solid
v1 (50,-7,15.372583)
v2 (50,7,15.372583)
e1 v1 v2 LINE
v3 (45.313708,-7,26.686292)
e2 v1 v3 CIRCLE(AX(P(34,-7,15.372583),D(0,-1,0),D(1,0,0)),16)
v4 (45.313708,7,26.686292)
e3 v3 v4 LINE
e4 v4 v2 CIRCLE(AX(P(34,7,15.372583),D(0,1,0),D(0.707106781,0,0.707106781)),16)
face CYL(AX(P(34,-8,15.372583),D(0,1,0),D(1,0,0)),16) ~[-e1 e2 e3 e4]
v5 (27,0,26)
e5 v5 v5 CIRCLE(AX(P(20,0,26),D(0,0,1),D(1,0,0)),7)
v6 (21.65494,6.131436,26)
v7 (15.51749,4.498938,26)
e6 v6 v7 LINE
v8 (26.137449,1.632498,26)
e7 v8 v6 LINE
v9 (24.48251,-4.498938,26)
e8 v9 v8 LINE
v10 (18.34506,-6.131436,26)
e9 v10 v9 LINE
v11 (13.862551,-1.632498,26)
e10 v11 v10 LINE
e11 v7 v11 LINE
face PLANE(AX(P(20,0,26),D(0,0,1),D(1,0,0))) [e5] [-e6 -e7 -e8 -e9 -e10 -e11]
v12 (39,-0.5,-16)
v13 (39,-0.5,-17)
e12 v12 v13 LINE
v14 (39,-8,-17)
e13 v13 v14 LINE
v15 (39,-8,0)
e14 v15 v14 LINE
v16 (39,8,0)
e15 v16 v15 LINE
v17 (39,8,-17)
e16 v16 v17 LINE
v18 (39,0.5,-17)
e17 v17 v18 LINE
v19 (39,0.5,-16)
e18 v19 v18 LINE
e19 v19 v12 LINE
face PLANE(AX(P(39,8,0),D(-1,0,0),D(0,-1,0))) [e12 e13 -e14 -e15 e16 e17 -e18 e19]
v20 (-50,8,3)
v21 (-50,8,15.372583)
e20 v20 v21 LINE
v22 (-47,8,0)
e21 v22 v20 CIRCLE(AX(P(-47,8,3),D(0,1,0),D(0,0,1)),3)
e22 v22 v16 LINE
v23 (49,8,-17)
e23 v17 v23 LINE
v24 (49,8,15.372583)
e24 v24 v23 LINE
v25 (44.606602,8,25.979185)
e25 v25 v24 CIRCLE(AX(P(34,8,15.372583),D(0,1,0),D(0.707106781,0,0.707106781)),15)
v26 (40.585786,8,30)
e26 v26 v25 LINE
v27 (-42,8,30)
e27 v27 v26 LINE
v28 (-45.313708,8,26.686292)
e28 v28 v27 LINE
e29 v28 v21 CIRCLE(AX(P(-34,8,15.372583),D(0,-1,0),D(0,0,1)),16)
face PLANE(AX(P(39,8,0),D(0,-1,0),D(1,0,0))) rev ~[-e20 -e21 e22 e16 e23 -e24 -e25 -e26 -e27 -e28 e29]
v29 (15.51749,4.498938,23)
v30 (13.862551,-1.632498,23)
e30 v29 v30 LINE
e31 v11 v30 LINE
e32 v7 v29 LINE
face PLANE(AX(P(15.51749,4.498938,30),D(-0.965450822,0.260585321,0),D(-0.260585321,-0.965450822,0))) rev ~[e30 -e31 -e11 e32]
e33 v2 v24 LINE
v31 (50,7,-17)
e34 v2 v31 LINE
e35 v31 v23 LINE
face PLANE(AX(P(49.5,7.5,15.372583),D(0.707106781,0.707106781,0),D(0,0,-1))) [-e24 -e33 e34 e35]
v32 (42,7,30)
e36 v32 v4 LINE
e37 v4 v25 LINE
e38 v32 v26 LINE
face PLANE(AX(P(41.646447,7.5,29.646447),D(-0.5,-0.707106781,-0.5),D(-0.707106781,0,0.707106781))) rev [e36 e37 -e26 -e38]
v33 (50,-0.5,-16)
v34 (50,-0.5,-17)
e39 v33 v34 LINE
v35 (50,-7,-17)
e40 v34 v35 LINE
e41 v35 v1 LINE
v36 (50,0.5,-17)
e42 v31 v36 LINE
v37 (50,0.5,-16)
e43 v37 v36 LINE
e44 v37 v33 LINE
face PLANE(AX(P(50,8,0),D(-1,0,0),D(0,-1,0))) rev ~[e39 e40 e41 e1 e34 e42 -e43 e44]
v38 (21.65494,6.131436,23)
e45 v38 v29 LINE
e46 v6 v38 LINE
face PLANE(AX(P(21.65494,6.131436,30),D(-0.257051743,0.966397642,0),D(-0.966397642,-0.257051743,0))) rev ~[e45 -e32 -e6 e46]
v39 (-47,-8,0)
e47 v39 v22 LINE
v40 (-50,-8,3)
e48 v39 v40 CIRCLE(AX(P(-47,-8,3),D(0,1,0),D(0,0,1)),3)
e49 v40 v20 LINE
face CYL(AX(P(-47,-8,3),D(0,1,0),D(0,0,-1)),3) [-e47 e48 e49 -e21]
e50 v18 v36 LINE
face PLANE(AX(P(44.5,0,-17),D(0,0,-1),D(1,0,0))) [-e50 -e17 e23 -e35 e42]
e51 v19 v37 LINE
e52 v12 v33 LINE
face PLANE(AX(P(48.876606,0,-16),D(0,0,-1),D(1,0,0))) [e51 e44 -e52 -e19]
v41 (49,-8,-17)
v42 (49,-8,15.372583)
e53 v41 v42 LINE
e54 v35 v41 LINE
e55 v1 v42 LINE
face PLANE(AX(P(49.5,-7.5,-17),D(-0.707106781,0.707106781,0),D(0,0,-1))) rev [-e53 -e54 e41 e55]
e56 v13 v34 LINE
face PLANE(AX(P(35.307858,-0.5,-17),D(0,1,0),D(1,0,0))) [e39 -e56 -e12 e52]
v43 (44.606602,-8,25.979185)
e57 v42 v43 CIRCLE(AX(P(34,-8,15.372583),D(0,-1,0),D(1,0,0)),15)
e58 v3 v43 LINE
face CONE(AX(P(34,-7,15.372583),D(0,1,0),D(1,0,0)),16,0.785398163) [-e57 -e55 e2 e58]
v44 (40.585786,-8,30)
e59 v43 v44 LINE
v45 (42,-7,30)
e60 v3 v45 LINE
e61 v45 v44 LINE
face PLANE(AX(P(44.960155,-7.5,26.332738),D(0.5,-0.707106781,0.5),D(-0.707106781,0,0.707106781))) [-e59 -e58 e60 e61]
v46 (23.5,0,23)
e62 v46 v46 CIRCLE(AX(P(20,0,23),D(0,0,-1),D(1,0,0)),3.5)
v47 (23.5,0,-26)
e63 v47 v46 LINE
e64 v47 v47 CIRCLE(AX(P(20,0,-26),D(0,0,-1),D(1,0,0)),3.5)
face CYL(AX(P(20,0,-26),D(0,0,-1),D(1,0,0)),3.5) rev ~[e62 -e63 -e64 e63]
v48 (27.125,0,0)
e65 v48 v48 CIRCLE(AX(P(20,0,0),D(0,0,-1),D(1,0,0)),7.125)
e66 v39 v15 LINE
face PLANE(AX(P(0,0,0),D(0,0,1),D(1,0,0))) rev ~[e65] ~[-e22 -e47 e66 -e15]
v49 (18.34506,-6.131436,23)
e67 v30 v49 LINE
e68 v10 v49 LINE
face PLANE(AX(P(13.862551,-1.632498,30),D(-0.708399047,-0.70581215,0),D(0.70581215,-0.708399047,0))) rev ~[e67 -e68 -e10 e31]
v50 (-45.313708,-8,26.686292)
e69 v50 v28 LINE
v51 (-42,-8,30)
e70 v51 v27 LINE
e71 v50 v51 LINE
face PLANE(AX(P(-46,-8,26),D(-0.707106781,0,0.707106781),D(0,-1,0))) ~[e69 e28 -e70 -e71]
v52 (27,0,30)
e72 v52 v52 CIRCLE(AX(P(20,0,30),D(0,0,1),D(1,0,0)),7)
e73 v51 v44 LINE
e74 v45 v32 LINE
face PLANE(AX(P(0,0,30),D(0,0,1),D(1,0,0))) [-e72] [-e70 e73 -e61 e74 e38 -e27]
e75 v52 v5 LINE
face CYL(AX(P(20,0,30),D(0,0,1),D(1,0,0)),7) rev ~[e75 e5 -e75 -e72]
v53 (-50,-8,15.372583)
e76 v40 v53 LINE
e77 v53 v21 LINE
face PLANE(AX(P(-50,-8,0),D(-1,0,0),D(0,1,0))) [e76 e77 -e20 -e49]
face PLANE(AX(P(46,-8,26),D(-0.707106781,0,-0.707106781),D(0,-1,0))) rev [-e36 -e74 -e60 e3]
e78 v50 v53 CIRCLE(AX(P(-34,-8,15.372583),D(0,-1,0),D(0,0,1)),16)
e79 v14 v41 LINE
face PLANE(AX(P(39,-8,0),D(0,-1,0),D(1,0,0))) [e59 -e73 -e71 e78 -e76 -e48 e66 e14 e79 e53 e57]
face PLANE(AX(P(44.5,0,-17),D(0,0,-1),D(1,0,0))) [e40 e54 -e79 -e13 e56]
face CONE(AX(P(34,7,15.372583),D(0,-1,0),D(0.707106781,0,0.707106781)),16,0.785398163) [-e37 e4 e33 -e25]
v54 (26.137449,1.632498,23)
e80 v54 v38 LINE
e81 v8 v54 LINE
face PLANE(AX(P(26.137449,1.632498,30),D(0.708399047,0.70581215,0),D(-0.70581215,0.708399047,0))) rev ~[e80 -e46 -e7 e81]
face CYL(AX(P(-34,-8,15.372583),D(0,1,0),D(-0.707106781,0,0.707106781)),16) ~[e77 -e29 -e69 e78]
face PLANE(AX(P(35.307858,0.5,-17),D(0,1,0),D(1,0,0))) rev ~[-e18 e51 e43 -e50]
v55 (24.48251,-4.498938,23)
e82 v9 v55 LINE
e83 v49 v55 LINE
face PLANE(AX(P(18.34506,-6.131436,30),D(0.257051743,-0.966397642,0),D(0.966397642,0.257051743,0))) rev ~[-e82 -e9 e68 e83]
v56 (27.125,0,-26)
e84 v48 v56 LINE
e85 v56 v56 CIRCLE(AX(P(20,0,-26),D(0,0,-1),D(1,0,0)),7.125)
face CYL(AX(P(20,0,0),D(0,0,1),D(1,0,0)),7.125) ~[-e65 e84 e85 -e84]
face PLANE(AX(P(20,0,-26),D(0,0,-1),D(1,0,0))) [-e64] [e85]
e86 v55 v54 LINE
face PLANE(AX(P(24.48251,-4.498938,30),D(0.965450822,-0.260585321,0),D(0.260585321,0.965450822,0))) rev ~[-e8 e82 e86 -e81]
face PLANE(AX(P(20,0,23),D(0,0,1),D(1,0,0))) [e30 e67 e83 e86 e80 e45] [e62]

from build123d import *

# Parameters (mm, degrees)
SKETCH_W        = 100
SKETCH_H        = 16
PAD_DEPTH       = 30
SKETCH001_R     = 7.125
PAD001_DEPTH    = 26
SKETCH002_W     = 11
SKETCH002_H     = 16
PAD002_DEPTH    = 17
SKETCH004_R     = 3.5
POCKET_DEPTH    = 56.001
SKETCH005_R     = 7
POCKET001_DEPTH = 4
POCKET002_DEPTH = 7
SKETCH007_W     = 27.137496
SKETCH007_H     = 1
POCKET003_DEPTH = 1
CHAMFER_SIZE    = 8
FILLET_R        = 16
FILLET001_R     = 3
CHAMFER001_SIZE = 1
CHAMFER002_SIZE = 1


with BuildPart() as part:
    # Sketch → Pad (new body)
    with BuildSketch(Plane.XY):
        Rectangle(SKETCH_W, SKETCH_H)
    extrude(amount=PAD_DEPTH)

    # Sketch001 (on Face5 of Pad) → Pad001 (join)
    with BuildSketch(Plane(origin=(0, 0, 0), x_dir=(1, 0, 0), z_dir=(0, 0, -1))):
        with Locations((20, 0)):
            Circle(SKETCH001_R)
    extrude(amount=PAD001_DEPTH)

    # Sketch002 (on Face4 of Pad001) → Pad002 (join)
    with BuildSketch(Plane(origin=(0, 0, 0), x_dir=(1, 0, 0), z_dir=(0, 0, -1))):
        with Locations((44.5, 0)):
            Rectangle(SKETCH002_W, SKETCH002_H)
    extrude(amount=PAD002_DEPTH)

    # Sketch004 (on Face13 of Pad002) → Pocket (cut, through all)
    with BuildSketch(Plane(origin=(0, 0, -26), x_dir=(1, 0, 0), z_dir=(0, 0, -1))):
        with Locations((20, 0)):
            Circle(SKETCH004_R)
    extrude(amount=-POCKET_DEPTH, mode=Mode.SUBTRACT)

    # Sketch005 (on Face6 of Pocket) → Pocket001 (cut)
    with BuildSketch(Plane.XY.offset(30)):
        with Locations((20, 0)):
            Circle(SKETCH005_R)
    extrude(amount=-POCKET001_DEPTH, mode=Mode.SUBTRACT)

    # Sketch006 (on Face6 of Pocket001) → Pocket002 (cut)
    with BuildSketch(Plane.XY.offset(30)):
        Polygon((24.48251, -4.498938), (26.137449, 1.632498), (21.65494, 6.131436), (15.51749, 4.498938), (13.862551, -1.632498), (18.34506, -6.131436), align=None)
    extrude(amount=-POCKET002_DEPTH, mode=Mode.SUBTRACT)

    # Sketch007 (on Face11 of Pocket002) → Pocket003 (cut)
    with BuildSketch(Plane(origin=(0, 0, -17), x_dir=(1, 0, 0), z_dir=(0, 0, -1))):
        with Locations((48.876606, 0)):
            Rectangle(SKETCH007_W, SKETCH007_H)
    extrude(amount=-POCKET003_DEPTH, mode=Mode.SUBTRACT)

    # Chamfer
    chamfer_edges = [part.edges().sort_by_distance(p)[0] for p in [
        (50, 0, 30),
        (-50, 0, 30),
    ]]
    chamfer(chamfer_edges, length=CHAMFER_SIZE)

    # Fillet
    fillet_edges = [part.edges().sort_by_distance(p)[0] for p in [
        (50, 0, 22),
        (-50, 0, 22),
    ]]
    fillet(fillet_edges, radius=FILLET_R)

    # Fillet001
    fillet001_edges = [part.edges().sort_by_distance(p)[0] for p in [
        (-50, 0, 0),
    ]]
    fillet(fillet001_edges, radius=FILLET001_R)

    # Chamfer001
    chamfer001_edges = [part.edges().sort_by_distance(p)[0] for p in [
        (50, 8, -8.5),
    ]]
    chamfer(chamfer001_edges, length=CHAMFER001_SIZE)

    # Chamfer002
    chamfer002_edges = [part.edges().sort_by_distance(p)[0] for p in [
        (50, -8, -8.5),
    ]]
    chamfer(chamfer002_edges, length=CHAMFER002_SIZE)


solid = part.part
